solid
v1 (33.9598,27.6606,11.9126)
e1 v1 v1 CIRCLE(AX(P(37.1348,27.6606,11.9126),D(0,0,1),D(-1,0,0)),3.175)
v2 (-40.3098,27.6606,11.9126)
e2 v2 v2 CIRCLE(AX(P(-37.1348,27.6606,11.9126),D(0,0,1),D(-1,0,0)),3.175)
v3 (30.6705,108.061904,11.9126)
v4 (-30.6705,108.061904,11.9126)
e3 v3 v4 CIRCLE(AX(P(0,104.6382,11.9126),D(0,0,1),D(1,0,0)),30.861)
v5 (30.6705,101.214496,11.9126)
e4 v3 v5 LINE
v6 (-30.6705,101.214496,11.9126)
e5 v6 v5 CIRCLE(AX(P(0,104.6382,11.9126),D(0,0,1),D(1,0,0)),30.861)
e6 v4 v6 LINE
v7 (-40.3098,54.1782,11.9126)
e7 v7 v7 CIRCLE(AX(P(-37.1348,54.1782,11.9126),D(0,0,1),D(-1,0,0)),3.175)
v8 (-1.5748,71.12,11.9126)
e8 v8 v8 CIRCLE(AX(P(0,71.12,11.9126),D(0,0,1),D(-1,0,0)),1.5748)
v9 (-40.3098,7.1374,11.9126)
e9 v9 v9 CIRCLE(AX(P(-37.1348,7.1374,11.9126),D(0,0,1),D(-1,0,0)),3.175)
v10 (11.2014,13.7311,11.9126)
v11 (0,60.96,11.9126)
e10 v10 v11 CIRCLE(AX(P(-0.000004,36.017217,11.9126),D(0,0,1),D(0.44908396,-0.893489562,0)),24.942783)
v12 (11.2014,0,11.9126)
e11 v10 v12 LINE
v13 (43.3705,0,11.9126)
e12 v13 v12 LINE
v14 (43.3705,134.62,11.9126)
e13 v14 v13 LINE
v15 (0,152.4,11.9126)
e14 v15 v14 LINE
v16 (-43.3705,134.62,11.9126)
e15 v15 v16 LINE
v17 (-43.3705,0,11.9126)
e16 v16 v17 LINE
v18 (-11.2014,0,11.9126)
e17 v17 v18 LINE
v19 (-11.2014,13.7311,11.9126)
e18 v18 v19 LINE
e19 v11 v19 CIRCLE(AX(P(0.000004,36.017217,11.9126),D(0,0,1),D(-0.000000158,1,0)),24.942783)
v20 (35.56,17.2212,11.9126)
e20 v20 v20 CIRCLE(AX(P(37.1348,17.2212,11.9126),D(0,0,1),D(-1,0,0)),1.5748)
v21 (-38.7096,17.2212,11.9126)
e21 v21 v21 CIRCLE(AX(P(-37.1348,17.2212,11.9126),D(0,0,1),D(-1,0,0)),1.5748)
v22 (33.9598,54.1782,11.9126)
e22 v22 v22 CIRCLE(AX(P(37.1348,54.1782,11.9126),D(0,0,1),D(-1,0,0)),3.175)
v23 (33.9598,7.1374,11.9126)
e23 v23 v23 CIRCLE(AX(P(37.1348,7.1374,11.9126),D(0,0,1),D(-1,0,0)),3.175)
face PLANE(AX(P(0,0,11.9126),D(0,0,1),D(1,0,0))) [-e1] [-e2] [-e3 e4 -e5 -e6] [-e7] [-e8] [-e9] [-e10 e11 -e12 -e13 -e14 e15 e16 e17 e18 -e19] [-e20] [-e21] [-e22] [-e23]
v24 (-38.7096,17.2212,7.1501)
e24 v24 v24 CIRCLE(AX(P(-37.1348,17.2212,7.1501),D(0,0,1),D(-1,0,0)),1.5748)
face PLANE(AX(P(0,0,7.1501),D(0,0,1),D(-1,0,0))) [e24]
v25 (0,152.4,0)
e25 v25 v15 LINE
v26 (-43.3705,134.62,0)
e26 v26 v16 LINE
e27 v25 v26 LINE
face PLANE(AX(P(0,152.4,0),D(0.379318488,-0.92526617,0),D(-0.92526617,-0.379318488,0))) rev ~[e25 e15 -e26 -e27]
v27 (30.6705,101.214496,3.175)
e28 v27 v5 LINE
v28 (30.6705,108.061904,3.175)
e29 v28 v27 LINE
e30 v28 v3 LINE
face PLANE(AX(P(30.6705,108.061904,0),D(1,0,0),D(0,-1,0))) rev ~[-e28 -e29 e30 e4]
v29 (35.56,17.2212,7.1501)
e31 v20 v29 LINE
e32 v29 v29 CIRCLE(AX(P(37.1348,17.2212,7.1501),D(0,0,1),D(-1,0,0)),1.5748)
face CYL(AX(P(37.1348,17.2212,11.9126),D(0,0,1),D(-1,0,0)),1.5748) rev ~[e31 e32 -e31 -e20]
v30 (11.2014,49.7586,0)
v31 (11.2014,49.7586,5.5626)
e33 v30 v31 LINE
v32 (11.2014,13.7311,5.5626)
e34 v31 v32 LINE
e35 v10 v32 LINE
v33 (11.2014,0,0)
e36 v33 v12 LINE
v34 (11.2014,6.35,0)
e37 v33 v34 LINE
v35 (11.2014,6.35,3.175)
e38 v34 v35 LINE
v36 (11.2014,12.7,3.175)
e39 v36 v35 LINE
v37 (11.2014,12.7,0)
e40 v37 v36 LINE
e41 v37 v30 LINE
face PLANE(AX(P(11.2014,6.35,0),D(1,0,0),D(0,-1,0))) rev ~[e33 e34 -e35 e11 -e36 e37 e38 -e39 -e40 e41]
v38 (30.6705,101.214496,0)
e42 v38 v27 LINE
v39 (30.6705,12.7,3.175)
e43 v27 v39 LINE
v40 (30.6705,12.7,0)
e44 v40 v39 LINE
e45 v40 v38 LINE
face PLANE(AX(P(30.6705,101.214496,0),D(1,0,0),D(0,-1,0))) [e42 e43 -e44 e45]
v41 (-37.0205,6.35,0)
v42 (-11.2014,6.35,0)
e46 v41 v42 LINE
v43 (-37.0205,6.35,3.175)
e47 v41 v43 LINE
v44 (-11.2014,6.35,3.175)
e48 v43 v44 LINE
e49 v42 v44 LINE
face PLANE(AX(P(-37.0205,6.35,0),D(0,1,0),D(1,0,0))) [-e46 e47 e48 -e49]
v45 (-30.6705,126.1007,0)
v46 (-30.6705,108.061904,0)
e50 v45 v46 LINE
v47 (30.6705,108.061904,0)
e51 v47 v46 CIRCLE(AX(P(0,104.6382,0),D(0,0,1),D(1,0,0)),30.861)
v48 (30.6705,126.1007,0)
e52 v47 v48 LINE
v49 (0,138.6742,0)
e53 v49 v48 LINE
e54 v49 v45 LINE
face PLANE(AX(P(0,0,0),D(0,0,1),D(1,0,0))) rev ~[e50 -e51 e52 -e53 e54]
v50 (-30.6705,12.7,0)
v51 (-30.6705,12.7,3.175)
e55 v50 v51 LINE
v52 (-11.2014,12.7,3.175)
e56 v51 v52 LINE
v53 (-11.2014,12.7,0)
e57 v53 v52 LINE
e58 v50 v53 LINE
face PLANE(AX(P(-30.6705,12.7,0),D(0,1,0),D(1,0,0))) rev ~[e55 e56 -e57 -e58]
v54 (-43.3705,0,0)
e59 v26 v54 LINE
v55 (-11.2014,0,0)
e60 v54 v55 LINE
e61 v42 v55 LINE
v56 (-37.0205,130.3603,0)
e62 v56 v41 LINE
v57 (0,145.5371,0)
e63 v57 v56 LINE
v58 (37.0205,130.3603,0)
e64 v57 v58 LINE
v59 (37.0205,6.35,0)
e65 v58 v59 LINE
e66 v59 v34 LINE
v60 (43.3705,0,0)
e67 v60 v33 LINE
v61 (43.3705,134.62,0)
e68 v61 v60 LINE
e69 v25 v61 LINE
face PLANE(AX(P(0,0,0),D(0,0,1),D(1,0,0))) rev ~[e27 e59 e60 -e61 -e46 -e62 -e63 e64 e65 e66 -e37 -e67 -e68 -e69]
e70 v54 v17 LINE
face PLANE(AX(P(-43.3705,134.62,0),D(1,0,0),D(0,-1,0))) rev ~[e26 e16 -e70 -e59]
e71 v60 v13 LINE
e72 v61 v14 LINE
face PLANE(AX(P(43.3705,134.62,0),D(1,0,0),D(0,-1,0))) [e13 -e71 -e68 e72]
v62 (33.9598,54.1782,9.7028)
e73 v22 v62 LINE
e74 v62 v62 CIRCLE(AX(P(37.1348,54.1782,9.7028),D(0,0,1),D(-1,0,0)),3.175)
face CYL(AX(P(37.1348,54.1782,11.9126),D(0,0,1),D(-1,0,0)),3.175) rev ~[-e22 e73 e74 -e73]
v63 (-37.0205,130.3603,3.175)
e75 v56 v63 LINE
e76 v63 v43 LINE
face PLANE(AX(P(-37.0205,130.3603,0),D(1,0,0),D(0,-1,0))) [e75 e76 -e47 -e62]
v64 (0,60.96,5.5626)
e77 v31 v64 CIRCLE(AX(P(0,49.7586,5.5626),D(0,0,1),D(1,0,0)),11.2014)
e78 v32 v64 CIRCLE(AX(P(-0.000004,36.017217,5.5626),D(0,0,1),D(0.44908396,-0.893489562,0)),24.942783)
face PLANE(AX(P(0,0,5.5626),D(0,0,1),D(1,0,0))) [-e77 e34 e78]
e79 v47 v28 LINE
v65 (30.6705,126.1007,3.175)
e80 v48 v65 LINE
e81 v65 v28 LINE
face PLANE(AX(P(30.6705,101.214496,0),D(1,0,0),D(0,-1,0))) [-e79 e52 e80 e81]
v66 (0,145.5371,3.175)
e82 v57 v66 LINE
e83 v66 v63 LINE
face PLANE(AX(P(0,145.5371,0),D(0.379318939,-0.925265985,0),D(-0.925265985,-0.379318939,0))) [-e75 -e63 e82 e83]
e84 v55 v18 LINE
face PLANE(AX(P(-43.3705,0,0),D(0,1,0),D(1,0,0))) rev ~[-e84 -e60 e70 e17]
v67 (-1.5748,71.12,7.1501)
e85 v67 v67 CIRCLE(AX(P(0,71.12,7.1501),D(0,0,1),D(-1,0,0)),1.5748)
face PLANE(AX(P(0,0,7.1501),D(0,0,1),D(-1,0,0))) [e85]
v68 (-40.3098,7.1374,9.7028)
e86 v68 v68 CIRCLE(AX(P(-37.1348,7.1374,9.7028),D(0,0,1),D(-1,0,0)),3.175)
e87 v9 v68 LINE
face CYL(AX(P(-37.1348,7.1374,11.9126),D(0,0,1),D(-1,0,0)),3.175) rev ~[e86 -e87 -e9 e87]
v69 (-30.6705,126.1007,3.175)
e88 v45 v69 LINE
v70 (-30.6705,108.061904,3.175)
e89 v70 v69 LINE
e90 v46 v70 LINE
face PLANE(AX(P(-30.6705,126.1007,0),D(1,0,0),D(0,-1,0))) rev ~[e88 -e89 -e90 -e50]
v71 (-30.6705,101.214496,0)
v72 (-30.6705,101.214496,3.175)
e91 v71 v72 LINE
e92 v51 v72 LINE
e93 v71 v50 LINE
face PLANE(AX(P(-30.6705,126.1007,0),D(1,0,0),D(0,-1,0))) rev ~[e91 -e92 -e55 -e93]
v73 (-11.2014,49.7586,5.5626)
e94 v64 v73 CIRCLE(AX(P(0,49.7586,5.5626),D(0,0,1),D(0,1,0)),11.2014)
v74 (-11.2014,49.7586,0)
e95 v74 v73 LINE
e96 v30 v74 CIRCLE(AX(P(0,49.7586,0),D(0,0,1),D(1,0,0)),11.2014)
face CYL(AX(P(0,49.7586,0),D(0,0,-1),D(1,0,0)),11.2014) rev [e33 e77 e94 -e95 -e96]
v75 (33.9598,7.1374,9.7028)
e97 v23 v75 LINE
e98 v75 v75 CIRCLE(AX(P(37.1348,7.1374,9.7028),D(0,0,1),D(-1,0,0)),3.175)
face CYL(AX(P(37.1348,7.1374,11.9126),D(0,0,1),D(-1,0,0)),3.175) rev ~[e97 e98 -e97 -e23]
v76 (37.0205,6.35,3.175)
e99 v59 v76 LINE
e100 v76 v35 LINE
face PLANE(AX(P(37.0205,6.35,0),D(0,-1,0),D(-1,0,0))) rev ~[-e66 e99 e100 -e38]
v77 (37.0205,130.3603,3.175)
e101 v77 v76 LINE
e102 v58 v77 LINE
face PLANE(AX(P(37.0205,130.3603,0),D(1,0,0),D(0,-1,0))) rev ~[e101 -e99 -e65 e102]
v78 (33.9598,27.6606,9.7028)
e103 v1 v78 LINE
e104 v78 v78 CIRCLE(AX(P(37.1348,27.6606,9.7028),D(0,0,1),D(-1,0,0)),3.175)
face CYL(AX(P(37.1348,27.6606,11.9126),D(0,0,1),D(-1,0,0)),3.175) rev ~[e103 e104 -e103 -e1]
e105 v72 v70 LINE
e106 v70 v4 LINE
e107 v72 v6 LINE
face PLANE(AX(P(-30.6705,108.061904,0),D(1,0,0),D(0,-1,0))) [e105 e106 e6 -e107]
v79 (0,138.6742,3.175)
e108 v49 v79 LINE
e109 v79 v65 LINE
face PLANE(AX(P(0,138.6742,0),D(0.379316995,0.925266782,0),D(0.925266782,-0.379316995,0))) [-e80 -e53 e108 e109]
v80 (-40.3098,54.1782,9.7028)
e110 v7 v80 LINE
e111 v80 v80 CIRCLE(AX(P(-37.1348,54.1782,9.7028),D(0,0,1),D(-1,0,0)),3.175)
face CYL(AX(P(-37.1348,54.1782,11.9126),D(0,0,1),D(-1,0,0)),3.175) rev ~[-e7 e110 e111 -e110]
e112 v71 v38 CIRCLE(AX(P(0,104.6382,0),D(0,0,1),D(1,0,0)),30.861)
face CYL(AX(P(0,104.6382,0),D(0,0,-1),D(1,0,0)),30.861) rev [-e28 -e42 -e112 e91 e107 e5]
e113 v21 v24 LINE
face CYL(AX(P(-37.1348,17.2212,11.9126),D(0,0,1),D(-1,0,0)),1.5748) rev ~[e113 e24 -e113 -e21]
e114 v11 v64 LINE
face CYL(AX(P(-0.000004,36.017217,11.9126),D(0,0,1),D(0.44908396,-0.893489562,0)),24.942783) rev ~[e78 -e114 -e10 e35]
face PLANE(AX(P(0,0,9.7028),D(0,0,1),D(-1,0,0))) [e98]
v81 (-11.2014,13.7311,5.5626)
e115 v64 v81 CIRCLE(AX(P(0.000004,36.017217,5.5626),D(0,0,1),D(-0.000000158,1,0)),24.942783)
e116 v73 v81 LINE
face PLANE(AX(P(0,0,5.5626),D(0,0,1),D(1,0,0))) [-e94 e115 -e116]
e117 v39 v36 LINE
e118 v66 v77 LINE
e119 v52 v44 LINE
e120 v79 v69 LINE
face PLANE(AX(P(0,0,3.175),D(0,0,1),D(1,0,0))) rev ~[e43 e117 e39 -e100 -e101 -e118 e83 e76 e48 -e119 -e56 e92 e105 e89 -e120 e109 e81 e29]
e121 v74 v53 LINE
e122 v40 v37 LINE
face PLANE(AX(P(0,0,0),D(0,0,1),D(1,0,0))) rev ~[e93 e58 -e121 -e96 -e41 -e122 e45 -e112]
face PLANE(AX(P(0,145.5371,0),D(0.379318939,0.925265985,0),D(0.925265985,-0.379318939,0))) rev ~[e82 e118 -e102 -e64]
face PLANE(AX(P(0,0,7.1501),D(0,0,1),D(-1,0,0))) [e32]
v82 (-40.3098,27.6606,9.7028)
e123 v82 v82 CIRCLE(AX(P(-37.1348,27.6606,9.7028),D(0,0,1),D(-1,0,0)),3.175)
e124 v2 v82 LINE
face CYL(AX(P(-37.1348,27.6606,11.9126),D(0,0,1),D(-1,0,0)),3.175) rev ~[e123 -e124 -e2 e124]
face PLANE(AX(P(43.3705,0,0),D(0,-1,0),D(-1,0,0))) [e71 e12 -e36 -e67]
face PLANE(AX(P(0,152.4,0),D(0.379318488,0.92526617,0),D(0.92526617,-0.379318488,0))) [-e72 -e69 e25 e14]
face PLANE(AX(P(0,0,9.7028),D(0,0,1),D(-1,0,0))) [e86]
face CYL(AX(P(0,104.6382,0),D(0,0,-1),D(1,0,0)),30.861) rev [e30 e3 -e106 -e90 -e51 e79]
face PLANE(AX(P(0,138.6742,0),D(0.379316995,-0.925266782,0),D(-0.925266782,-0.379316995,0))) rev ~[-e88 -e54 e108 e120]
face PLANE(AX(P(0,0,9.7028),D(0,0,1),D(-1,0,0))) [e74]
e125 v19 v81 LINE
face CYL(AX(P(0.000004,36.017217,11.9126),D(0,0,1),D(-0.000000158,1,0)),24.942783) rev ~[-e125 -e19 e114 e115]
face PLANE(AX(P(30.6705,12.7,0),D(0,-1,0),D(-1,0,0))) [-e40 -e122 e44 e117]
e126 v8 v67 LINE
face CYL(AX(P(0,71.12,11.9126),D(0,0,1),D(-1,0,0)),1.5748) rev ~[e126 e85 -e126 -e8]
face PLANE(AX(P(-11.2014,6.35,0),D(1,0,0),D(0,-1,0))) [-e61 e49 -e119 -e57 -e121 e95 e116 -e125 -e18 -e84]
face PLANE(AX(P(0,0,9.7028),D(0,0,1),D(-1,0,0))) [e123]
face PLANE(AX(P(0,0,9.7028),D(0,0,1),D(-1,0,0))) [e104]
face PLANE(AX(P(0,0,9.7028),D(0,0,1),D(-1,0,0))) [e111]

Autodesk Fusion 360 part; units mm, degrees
sketch "Sketch1" plane through (0, 0, 0) normal (0, 0, 1) x (1, 0, 0)
  line L0 (0, 0) -> (0, 152.4) construction
  line L1 (0, 152.4) -> (-43.3705, 134.62)
  line L2 (-43.3705, 134.62) -> (-43.3705, 0)
  line L3 (-43.3705, 0) -> (0, 0)
  line L4 (-11.2014, 49.7586) -> (-11.2014, 0)
  arc A0 (0, 60.96) -> (-11.2014, 49.7586) centre (0, 49.7586) ccw
  arc A1 (0, 60.96) -> (-11.2014, 13.7311) centre (0, 36.0172) ccw
  line L5 (0, 145.5371) -> (-37.0205, 130.3603)
  line L6 (-37.0205, 130.3603) -> (-37.0205, 6.35)
  line L7 (-37.0205, 6.35) -> (-11.2014, 6.35)
  line L8 (0, 138.6742) -> (-30.6705, 126.1007)
  line L9 (-30.6705, 126.1007) -> (-30.6705, 12.7)
  line L10 (-30.6705, 12.7) -> (-11.2014, 12.7)
  line L11 (30.6705, 12.7) -> (11.2014, 12.7)
  line L12 (37.0205, 130.3603) -> (37.0205, 6.35)
  line L13 (0, 145.5371) -> (37.0205, 130.3603)
  line L14 (0, 138.6742) -> (30.6705, 126.1007)
  line L15 (37.0205, 6.35) -> (11.2014, 6.35)
  arc A2 (11.2014, 49.7586) -> (0, 60.96) centre (0, 49.7586) ccw
  line L16 (11.2014, 49.7586) -> (11.2014, 0)
  line L17 (43.3705, 134.62) -> (43.3705, 0)
  line L18 (30.6705, 126.1007) -> (30.6705, 12.7)
  arc A3 (11.2014, 13.7311) -> (0, 60.96) centre (0, 36.0172) ccw
  line L19 (43.3705, 0) -> (0, 0)
  line L20 (0, 152.4) -> (43.3705, 134.62)
  circle A4 centre (0, 104.6382) radius 30.861
  point P0 (0, 60.96)
  point P1 (0, 60.96)
  point P2 (0, 135.4992)
  dimension "d1" = 152.4
  dimension "d2" = 43.3705
  dimension "d3" = 134.62
  dimension "d4" = 49.8856
  dimension "d5" = 22.4028
  dimension "d6" = 60.96
  dimension "d9" = 6.35
  dimension "d10" = 6.35
  dimension "d11" = 6.35
  dimension "d12" = 6.35
  dimension "d13" = 6.35
  dimension "d14" = 6.35
  dimension "d22" = 61.722
  dimension "d23" = 3.175
extrude "Extrude1" add sketch "Sketch1" along normal blind 11.9126 contours L1 L2 L3 L4 L5 L6 L7 L12 L13 L15 L16 L17 L19 L20 | L4 L5 L6 L7 L8 L9 L10 L11 L12 L13 L14 L15 L16 L18 A4 | L4 A1 L9 L10 L11 L16 L18 A3 A4 | L4 A0 A1 | A2 L16 A3 | L9 A4 | L18 A4 | L8 L9 L14 L18 A4
extrude "Extrude2" cut sketch "Sketch1" against normal blind 6.35 from surface at 11.9126 contours L4 A0 A1 | A2 L16 A3
extrude "Extrude3" cut sketch "Sketch1" along normal blind 3.175 contours L4 L5 L6 L7 L8 L9 L10 L11 L12 L13 L14 L15 L16 L18 A4 | L9 A4 | L18 A4
sketch "Sketch2" plane through (0, 0, 11.9126) normal (0, 0, 1) x (-1, 0, 0)
  line L0 (30.6705, -101.2145) -> (30.6705, -108.0619)
  arc A0 (-30.6705, -108.0619) -> (30.6705, -108.0619) centre (0, -104.6382) ccw
  line L1 (-30.6705, -108.0619) -> (-30.6705, -101.2145)
  arc A1 (30.6705, -101.2145) -> (-30.6705, -101.2145) centre (0, -104.6382) ccw
  arc A2 (-11.2014, -13.7311) -> (11.2014, -13.7311) centre (0, -36.0172) ccw
  line L2 (-11.2014, -13.7311) -> (-11.2014, 0)
  line L3 (-11.2014, 0) -> (-43.3705, 0)
  line L4 (-43.3705, 0) -> (-43.3705, -134.62)
  line L5 (-43.3705, -134.62) -> (0, -152.4)
  line L6 (0, -152.4) -> (43.3705, -134.62)
  line L7 (43.3705, -134.62) -> (43.3705, 0)
  line L8 (43.3705, 0) -> (11.2014, 0)
  line L9 (11.2014, 0) -> (11.2014, -13.7311)
  line L10 (0, -152.4) -> (0, 0) construction
  circle A3 centre (0, -71.12) radius 1.5748
  line L11 (37.1348, -17.2212) -> (-37.1348, -17.2212) construction
  circle A4 centre (37.1348, -17.2212) radius 1.5748
  circle A5 centre (-37.1348, -17.2212) radius 1.5748
  point P0 (0, -17.2212)
  dimension "d24" = 3.1496
  dimension "d25" = 74.2696
  dimension "d26" = 3.1496
  dimension "d27" = 3.1496
  dimension "d28" = 17.2212
  dimension "d30" = 71.12
extrude "Extrude4" cut sketch "Sketch2" against normal blind 4.7625 contours A3 | A4 | A5
sketch "Sketch3" plane through (0, 0, 11.9126) normal (0, 0, 1) x (-1, 0, 0)
  circle A0 centre (0, -71.12) radius 1.5748
  circle A1 centre (-37.1348, -17.2212) radius 1.5748
  circle A2 centre (37.1348, -17.2212) radius 1.5748
  line L0 (30.6705, -101.2145) -> (30.6705, -108.0619)
  arc A3 (-30.6705, -108.0619) -> (30.6705, -108.0619) centre (0, -104.6382) ccw
  line L1 (-30.6705, -108.0619) -> (-30.6705, -101.2145)
  arc A4 (30.6705, -101.2145) -> (-30.6705, -101.2145) centre (0, -104.6382) ccw
  arc A5 (-11.2014, -13.7311) -> (11.2014, -13.7311) centre (0, -36.0172) ccw
  line L2 (-11.2014, -13.7311) -> (-11.2014, 0)
  line L3 (-11.2014, 0) -> (-43.3705, 0)
  line L4 (-43.3705, 0) -> (-43.3705, -134.62)
  line L5 (-43.3705, -134.62) -> (0, -152.4)
  line L6 (0, -152.4) -> (43.3705, -134.62)
  line L7 (43.3705, -134.62) -> (43.3705, 0)
  line L8 (43.3705, 0) -> (11.2014, 0)
  line L9 (11.2014, 0) -> (11.2014, -13.7311)
  line L10 (37.1348, 0) -> (37.1348, -137.1764) construction
  circle A6 centre (37.1348, -7.1374) radius 3.175
  circle A7 centre (37.1348, -27.6606) radius 3.175
  circle A8 centre (37.1348, -54.1782) radius 3.175
  line L11 (0, -152.4) -> (0, 0) construction
  circle A9 centre (-37.1348, -27.6606) radius 3.175
  circle A10 centre (-37.1348, -54.1782) radius 3.175
  circle A11 centre (-37.1348, -7.1374) radius 3.175
  dimension "d33" = 6.35
  dimension "d34" = 6.35
  dimension "d35" = 6.35
  dimension "d36" = 7.1374
  dimension "d37" = 20.5232
  dimension "d38" = 26.5176
extrude "Extrude5" cut sketch "Sketch3" against normal blind 2.2098 contours A6 | A7 | A8 | A9 | A10 | A11
equation "d2 = 3.415 in / 2"
equation "d25 = 3.048 in - 0.124 in"
equation "d31 = ( -3 / 16 ) * 1 in"
